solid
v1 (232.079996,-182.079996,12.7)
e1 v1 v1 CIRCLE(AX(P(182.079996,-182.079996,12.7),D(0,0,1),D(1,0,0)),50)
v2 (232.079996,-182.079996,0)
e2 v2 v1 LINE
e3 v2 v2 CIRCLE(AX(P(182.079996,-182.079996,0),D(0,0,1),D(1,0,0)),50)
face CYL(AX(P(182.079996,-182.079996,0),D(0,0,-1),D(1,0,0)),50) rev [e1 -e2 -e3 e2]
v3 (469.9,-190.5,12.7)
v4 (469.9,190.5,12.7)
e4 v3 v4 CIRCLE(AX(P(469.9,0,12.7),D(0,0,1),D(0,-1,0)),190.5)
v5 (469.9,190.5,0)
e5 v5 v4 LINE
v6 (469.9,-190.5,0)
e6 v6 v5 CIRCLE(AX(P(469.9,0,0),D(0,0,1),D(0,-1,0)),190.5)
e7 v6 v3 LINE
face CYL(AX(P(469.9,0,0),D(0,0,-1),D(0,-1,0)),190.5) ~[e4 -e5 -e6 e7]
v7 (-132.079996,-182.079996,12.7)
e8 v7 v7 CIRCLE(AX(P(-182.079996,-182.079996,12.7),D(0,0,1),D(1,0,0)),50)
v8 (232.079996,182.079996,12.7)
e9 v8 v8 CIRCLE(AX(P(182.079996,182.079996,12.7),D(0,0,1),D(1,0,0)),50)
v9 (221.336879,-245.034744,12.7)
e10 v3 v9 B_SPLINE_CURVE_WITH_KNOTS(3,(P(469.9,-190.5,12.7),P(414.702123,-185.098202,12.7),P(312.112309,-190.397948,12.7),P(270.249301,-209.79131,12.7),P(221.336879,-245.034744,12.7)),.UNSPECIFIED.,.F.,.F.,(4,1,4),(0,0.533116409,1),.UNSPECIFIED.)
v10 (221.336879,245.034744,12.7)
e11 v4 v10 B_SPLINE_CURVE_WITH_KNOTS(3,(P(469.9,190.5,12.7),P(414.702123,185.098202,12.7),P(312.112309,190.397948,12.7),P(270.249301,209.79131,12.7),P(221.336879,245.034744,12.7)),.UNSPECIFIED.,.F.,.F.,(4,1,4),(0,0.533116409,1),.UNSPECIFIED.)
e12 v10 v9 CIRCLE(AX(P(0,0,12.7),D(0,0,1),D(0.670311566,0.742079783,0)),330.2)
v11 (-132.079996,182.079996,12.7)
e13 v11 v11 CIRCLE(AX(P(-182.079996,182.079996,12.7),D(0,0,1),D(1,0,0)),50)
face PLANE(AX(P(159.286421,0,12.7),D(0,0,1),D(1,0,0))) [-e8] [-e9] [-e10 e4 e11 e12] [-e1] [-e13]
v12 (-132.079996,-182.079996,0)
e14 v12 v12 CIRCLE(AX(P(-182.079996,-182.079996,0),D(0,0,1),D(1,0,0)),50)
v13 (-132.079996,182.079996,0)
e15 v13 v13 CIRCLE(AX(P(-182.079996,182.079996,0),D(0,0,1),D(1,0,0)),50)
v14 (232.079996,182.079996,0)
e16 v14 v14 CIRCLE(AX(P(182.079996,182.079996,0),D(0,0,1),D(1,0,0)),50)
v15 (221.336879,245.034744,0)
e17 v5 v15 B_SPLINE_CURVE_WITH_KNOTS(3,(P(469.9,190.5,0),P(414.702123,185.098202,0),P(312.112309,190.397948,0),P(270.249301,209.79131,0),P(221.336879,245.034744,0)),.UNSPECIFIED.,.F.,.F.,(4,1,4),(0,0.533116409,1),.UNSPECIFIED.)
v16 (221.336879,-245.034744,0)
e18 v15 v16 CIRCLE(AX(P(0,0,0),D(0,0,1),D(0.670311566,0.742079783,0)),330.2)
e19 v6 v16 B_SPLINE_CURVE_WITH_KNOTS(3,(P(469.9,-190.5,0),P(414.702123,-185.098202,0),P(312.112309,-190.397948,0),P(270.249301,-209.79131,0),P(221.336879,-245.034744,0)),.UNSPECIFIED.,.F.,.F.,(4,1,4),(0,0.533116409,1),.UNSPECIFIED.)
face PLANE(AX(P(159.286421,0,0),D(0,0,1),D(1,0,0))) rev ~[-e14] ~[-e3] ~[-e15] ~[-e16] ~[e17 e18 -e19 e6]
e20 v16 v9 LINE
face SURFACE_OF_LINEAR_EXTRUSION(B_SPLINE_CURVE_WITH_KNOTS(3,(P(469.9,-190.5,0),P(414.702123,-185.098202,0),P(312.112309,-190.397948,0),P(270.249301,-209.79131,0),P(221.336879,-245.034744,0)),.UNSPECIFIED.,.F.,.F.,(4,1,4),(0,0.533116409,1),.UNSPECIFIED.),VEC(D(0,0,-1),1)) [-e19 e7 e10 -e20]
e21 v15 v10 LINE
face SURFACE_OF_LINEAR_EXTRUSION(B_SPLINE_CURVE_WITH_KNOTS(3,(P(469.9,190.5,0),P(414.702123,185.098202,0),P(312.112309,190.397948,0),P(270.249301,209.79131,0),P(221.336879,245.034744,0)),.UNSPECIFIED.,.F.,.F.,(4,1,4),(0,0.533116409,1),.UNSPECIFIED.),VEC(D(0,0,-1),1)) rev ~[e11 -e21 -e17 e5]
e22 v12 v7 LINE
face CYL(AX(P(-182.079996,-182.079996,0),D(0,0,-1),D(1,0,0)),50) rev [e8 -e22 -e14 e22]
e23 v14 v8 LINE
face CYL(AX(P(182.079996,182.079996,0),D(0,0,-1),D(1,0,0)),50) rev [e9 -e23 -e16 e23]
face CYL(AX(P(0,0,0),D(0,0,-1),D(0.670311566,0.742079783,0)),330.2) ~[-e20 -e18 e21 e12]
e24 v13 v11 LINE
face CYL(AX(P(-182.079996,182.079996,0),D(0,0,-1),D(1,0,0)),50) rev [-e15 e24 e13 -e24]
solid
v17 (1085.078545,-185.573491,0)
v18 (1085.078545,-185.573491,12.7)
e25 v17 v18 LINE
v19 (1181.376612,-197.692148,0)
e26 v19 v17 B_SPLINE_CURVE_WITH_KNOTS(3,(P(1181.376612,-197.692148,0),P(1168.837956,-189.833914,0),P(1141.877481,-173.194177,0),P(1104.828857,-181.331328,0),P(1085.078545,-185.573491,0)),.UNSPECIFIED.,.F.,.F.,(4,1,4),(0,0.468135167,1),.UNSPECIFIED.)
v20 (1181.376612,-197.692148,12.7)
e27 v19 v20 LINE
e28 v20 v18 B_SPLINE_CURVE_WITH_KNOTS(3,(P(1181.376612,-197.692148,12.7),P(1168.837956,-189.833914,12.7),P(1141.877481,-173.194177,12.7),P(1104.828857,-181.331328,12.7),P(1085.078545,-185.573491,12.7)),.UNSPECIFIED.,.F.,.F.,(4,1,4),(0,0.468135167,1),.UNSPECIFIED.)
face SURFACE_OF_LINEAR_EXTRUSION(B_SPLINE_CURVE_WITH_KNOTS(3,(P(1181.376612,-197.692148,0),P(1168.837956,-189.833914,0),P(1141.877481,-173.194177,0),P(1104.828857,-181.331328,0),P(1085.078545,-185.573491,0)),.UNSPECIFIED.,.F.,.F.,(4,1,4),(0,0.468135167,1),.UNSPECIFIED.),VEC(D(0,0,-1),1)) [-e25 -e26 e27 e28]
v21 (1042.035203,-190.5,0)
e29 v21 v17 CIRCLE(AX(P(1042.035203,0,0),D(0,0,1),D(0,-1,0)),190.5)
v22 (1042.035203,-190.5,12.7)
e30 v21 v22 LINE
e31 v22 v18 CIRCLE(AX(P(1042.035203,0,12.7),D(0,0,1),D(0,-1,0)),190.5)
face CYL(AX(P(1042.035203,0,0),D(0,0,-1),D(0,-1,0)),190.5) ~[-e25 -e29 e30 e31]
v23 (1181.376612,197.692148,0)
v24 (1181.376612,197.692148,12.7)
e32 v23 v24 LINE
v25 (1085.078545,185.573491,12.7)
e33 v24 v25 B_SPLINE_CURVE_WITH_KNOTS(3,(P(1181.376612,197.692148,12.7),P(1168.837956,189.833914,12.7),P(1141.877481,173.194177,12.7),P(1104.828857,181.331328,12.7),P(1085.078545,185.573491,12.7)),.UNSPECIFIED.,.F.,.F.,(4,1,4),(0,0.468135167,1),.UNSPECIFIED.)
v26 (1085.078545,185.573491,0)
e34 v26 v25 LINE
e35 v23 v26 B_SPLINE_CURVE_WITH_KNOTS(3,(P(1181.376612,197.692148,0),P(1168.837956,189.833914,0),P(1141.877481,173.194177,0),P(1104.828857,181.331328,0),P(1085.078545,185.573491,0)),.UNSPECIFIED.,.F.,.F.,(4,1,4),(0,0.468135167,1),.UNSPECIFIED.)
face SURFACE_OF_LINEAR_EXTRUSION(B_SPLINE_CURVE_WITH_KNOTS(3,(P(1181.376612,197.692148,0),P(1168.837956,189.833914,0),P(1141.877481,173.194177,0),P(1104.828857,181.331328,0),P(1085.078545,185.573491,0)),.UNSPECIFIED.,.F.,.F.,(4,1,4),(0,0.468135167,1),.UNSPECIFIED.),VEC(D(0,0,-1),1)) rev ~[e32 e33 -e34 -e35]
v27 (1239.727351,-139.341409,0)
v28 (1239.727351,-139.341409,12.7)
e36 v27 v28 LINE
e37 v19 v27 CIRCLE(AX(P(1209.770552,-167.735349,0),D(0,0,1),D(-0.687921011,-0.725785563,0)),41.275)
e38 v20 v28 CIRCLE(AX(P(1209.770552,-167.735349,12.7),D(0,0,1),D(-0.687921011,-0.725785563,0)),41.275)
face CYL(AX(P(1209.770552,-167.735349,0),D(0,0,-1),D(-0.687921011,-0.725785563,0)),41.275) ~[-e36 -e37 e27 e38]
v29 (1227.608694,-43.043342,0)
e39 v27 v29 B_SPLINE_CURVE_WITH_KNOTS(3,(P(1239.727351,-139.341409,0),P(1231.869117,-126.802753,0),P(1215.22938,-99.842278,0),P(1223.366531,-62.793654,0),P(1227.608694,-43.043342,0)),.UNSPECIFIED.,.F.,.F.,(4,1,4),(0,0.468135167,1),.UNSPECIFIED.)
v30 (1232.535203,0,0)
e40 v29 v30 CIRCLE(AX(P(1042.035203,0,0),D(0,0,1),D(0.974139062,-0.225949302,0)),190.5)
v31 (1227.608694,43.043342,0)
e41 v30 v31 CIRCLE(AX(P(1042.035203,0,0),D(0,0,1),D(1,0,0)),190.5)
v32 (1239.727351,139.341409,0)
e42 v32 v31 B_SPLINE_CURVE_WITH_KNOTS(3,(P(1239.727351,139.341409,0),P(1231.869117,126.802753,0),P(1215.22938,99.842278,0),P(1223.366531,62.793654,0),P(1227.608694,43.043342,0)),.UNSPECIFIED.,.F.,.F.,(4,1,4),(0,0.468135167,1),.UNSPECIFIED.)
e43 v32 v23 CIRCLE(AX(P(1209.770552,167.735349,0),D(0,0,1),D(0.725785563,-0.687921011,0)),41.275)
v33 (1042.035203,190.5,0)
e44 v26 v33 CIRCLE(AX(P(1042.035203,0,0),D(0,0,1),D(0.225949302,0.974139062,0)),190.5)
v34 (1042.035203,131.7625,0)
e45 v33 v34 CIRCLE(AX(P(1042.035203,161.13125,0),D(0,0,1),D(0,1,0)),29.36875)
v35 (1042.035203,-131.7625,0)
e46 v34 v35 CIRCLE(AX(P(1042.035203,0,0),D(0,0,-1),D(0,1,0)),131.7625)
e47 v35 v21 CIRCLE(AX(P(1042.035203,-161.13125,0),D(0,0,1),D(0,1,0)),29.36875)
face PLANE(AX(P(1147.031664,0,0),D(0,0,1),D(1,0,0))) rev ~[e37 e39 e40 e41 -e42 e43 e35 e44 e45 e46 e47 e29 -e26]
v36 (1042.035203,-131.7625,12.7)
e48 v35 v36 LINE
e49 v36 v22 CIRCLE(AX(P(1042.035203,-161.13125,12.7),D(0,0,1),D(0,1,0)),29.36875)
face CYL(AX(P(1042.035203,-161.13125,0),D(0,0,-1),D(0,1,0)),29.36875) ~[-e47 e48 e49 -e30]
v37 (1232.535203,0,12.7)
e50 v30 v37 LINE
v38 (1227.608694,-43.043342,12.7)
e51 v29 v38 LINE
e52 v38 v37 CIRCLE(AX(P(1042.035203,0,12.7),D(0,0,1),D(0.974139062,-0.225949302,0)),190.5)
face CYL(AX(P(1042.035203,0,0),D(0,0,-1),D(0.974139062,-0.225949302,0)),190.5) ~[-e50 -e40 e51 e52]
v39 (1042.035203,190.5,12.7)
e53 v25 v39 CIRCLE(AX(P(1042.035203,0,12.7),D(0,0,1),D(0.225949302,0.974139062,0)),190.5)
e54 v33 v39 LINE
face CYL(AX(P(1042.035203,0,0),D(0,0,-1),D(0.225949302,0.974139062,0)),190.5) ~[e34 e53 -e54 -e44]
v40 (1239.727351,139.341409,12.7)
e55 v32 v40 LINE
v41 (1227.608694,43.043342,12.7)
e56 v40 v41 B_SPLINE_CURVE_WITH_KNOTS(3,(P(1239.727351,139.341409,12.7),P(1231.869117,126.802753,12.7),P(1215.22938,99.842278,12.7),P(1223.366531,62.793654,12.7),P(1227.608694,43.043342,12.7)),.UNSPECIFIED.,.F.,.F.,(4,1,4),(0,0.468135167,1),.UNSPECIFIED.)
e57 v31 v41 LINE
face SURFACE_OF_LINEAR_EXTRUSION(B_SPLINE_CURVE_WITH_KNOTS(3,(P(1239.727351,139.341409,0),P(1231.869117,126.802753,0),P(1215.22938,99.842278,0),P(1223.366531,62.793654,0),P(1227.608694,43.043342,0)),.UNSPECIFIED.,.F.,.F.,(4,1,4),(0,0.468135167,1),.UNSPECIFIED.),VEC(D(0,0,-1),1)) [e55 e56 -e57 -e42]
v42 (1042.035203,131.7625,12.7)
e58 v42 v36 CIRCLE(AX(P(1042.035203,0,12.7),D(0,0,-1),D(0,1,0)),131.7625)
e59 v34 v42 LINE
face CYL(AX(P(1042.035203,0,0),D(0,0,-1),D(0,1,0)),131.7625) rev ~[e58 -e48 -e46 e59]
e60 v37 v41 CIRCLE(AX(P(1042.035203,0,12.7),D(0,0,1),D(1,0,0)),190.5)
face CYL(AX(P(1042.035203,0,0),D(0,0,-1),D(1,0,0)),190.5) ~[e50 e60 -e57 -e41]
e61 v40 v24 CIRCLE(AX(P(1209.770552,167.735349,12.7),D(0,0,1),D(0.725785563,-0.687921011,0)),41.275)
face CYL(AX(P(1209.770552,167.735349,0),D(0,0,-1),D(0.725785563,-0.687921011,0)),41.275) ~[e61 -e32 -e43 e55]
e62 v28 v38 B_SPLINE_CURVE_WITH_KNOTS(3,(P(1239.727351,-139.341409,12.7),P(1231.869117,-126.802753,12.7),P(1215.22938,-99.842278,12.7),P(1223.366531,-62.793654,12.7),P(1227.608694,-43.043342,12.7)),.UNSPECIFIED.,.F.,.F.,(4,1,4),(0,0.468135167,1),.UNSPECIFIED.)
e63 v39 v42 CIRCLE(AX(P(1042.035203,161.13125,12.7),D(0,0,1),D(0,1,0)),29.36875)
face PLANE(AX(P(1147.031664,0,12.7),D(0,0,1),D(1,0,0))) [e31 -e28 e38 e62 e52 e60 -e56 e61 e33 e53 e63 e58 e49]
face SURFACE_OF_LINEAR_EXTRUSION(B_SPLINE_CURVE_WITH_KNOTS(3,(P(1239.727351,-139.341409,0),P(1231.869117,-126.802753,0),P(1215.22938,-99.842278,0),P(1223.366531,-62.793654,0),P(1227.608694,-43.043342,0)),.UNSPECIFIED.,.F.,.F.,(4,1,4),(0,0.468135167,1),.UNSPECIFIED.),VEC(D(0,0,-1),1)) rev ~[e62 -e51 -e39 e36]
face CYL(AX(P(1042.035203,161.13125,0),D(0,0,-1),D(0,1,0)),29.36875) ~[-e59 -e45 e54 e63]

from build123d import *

# Parameters (mm, degrees)
F0_R     = 50
F1_DEPTH = 12.7


with BuildPart() as f1:
    # F0 (on Top) → F1 (new body)
    with BuildSketch(Plane.XY):
        with BuildLine():
            add(Edge.make_bspline(
                [(469.9, 190.5), (414.7021226199, 185.0982024329), (312.1123093023, 190.3979484167), (270.2493008939, 209.791310107), (221.3368791864, 245.0347442956)],
                knots=[0, 0, 0, 0, 0.5331164092, 1, 1, 1, 1], degree=3))
            ThreePointArc((221.3368791864, 245.0347442956), (-330.2, 0), (221.3368791864, -245.0347442956))
            add(Edge.make_bspline(
                [(469.9, -190.5), (414.7021226199, -185.0982024329), (312.1123093023, -190.3979484167), (270.2493008939, -209.791310107), (221.3368791864, -245.0347442956)],
                knots=[0, 0, 0, 0, 0.5331164092, 1, 1, 1, 1], degree=3))
            ThreePointArc((469.9, -190.5), (660.4, 0), (469.9, 190.5))
        make_face()
        with Locations((-182.0799961555, -182.0799961555)):
            Circle(F0_R, mode=Mode.SUBTRACT)
        with Locations((182.0799961555, -182.0799961555)):
            Circle(F0_R, mode=Mode.SUBTRACT)
        with Locations((-182.0799961555, 182.0799961555)):
            Circle(F0_R, mode=Mode.SUBTRACT)
        with Locations((182.0799961555, 182.0799961555)):
            Circle(F0_R, mode=Mode.SUBTRACT)
    extrude(amount=F1_DEPTH)


with BuildPart() as f1b:
    # F0 (on Top) → F1, piece 2 (new body)
    with BuildSketch(Plane.XY):
        with BuildLine():
            add(Edge.make_bspline(
                [(1181.3766119803, 197.6921478188), (1168.8379561315, 189.8339139976), (1141.8774811611, 173.1941766754), (1104.8288574492, 181.3313279996), (1085.0785449809, 185.573491397)],
                knots=[0, 0, 0, 0, 0.4681351674, 1, 1, 1, 1], degree=3))
            ThreePointArc((1085.0785449809, 185.573491397), (1063.6973807185, 189.2643655197), (1042.0352029786, 190.5))
            ThreePointArc((1042.0352029786, 190.5), (1012.6664529786, 161.13125), (1042.0352029786, 131.7625))
            ThreePointArc((1042.0352029786, 131.7625), (1135.2053602347, 93.1701572561), (1173.7977029786, 0))
            ThreePointArc((1173.7977029786, 0), (1135.2053602347, -93.1701572561), (1042.0352029786, -131.7625))
            ThreePointArc((1042.0352029786, -131.7625), (1012.6664529786, -161.13125), (1042.0352029786, -190.5))
            ThreePointArc((1042.0352029786, -190.5), (1063.6973807185, -189.2643655197), (1085.0785449809, -185.573491397))
            add(Edge.make_bspline(
                [(1181.3766119803, -197.6921478188), (1168.8379561315, -189.8339139976), (1141.8774811611, -173.1941766754), (1104.8288574492, -181.3313279996), (1085.0785449809, -185.573491397)],
                knots=[0, 0, 0, 0, 0.4681351674, 1, 1, 1, 1], degree=3))
            ThreePointArc((1181.3766119803, -197.6921478188), (1238.9563840838, -196.9211811052), (1239.7273507974, -139.3414090017))
            add(Edge.make_bspline(
                [(1239.7273507974, -139.3414090017), (1231.8691169762, -126.8027531529), (1215.229379654, -99.8422781825), (1223.3665309782, -62.7936544706), (1227.6086943756, -43.0433420023)],
                knots=[0, 0, 0, 0, 0.4681351674, 1, 1, 1, 1], degree=3))
            ThreePointArc((1227.6086943756, -43.0433420023), (1231.2995684983, -21.6621777399), (1232.5352029786, 0))
            ThreePointArc((1232.5352029786, 0), (1231.2995684983, 21.6621777399), (1227.6086943756, 43.0433420023))
            add(Edge.make_bspline(
                [(1239.7273507974, 139.3414090017), (1231.8691169762, 126.8027531529), (1215.229379654, 99.8422781825), (1223.3665309782, 62.7936544706), (1227.6086943756, 43.0433420023)],
                knots=[0, 0, 0, 0, 0.4681351674, 1, 1, 1, 1], degree=3))
            ThreePointArc((1239.7273507974, 139.3414090017), (1238.9563840838, 196.9211811052), (1181.3766119803, 197.6921478188))
        make_face()
    extrude(amount=F1_DEPTH)


solid = Compound([f1.part, f1b.part])
